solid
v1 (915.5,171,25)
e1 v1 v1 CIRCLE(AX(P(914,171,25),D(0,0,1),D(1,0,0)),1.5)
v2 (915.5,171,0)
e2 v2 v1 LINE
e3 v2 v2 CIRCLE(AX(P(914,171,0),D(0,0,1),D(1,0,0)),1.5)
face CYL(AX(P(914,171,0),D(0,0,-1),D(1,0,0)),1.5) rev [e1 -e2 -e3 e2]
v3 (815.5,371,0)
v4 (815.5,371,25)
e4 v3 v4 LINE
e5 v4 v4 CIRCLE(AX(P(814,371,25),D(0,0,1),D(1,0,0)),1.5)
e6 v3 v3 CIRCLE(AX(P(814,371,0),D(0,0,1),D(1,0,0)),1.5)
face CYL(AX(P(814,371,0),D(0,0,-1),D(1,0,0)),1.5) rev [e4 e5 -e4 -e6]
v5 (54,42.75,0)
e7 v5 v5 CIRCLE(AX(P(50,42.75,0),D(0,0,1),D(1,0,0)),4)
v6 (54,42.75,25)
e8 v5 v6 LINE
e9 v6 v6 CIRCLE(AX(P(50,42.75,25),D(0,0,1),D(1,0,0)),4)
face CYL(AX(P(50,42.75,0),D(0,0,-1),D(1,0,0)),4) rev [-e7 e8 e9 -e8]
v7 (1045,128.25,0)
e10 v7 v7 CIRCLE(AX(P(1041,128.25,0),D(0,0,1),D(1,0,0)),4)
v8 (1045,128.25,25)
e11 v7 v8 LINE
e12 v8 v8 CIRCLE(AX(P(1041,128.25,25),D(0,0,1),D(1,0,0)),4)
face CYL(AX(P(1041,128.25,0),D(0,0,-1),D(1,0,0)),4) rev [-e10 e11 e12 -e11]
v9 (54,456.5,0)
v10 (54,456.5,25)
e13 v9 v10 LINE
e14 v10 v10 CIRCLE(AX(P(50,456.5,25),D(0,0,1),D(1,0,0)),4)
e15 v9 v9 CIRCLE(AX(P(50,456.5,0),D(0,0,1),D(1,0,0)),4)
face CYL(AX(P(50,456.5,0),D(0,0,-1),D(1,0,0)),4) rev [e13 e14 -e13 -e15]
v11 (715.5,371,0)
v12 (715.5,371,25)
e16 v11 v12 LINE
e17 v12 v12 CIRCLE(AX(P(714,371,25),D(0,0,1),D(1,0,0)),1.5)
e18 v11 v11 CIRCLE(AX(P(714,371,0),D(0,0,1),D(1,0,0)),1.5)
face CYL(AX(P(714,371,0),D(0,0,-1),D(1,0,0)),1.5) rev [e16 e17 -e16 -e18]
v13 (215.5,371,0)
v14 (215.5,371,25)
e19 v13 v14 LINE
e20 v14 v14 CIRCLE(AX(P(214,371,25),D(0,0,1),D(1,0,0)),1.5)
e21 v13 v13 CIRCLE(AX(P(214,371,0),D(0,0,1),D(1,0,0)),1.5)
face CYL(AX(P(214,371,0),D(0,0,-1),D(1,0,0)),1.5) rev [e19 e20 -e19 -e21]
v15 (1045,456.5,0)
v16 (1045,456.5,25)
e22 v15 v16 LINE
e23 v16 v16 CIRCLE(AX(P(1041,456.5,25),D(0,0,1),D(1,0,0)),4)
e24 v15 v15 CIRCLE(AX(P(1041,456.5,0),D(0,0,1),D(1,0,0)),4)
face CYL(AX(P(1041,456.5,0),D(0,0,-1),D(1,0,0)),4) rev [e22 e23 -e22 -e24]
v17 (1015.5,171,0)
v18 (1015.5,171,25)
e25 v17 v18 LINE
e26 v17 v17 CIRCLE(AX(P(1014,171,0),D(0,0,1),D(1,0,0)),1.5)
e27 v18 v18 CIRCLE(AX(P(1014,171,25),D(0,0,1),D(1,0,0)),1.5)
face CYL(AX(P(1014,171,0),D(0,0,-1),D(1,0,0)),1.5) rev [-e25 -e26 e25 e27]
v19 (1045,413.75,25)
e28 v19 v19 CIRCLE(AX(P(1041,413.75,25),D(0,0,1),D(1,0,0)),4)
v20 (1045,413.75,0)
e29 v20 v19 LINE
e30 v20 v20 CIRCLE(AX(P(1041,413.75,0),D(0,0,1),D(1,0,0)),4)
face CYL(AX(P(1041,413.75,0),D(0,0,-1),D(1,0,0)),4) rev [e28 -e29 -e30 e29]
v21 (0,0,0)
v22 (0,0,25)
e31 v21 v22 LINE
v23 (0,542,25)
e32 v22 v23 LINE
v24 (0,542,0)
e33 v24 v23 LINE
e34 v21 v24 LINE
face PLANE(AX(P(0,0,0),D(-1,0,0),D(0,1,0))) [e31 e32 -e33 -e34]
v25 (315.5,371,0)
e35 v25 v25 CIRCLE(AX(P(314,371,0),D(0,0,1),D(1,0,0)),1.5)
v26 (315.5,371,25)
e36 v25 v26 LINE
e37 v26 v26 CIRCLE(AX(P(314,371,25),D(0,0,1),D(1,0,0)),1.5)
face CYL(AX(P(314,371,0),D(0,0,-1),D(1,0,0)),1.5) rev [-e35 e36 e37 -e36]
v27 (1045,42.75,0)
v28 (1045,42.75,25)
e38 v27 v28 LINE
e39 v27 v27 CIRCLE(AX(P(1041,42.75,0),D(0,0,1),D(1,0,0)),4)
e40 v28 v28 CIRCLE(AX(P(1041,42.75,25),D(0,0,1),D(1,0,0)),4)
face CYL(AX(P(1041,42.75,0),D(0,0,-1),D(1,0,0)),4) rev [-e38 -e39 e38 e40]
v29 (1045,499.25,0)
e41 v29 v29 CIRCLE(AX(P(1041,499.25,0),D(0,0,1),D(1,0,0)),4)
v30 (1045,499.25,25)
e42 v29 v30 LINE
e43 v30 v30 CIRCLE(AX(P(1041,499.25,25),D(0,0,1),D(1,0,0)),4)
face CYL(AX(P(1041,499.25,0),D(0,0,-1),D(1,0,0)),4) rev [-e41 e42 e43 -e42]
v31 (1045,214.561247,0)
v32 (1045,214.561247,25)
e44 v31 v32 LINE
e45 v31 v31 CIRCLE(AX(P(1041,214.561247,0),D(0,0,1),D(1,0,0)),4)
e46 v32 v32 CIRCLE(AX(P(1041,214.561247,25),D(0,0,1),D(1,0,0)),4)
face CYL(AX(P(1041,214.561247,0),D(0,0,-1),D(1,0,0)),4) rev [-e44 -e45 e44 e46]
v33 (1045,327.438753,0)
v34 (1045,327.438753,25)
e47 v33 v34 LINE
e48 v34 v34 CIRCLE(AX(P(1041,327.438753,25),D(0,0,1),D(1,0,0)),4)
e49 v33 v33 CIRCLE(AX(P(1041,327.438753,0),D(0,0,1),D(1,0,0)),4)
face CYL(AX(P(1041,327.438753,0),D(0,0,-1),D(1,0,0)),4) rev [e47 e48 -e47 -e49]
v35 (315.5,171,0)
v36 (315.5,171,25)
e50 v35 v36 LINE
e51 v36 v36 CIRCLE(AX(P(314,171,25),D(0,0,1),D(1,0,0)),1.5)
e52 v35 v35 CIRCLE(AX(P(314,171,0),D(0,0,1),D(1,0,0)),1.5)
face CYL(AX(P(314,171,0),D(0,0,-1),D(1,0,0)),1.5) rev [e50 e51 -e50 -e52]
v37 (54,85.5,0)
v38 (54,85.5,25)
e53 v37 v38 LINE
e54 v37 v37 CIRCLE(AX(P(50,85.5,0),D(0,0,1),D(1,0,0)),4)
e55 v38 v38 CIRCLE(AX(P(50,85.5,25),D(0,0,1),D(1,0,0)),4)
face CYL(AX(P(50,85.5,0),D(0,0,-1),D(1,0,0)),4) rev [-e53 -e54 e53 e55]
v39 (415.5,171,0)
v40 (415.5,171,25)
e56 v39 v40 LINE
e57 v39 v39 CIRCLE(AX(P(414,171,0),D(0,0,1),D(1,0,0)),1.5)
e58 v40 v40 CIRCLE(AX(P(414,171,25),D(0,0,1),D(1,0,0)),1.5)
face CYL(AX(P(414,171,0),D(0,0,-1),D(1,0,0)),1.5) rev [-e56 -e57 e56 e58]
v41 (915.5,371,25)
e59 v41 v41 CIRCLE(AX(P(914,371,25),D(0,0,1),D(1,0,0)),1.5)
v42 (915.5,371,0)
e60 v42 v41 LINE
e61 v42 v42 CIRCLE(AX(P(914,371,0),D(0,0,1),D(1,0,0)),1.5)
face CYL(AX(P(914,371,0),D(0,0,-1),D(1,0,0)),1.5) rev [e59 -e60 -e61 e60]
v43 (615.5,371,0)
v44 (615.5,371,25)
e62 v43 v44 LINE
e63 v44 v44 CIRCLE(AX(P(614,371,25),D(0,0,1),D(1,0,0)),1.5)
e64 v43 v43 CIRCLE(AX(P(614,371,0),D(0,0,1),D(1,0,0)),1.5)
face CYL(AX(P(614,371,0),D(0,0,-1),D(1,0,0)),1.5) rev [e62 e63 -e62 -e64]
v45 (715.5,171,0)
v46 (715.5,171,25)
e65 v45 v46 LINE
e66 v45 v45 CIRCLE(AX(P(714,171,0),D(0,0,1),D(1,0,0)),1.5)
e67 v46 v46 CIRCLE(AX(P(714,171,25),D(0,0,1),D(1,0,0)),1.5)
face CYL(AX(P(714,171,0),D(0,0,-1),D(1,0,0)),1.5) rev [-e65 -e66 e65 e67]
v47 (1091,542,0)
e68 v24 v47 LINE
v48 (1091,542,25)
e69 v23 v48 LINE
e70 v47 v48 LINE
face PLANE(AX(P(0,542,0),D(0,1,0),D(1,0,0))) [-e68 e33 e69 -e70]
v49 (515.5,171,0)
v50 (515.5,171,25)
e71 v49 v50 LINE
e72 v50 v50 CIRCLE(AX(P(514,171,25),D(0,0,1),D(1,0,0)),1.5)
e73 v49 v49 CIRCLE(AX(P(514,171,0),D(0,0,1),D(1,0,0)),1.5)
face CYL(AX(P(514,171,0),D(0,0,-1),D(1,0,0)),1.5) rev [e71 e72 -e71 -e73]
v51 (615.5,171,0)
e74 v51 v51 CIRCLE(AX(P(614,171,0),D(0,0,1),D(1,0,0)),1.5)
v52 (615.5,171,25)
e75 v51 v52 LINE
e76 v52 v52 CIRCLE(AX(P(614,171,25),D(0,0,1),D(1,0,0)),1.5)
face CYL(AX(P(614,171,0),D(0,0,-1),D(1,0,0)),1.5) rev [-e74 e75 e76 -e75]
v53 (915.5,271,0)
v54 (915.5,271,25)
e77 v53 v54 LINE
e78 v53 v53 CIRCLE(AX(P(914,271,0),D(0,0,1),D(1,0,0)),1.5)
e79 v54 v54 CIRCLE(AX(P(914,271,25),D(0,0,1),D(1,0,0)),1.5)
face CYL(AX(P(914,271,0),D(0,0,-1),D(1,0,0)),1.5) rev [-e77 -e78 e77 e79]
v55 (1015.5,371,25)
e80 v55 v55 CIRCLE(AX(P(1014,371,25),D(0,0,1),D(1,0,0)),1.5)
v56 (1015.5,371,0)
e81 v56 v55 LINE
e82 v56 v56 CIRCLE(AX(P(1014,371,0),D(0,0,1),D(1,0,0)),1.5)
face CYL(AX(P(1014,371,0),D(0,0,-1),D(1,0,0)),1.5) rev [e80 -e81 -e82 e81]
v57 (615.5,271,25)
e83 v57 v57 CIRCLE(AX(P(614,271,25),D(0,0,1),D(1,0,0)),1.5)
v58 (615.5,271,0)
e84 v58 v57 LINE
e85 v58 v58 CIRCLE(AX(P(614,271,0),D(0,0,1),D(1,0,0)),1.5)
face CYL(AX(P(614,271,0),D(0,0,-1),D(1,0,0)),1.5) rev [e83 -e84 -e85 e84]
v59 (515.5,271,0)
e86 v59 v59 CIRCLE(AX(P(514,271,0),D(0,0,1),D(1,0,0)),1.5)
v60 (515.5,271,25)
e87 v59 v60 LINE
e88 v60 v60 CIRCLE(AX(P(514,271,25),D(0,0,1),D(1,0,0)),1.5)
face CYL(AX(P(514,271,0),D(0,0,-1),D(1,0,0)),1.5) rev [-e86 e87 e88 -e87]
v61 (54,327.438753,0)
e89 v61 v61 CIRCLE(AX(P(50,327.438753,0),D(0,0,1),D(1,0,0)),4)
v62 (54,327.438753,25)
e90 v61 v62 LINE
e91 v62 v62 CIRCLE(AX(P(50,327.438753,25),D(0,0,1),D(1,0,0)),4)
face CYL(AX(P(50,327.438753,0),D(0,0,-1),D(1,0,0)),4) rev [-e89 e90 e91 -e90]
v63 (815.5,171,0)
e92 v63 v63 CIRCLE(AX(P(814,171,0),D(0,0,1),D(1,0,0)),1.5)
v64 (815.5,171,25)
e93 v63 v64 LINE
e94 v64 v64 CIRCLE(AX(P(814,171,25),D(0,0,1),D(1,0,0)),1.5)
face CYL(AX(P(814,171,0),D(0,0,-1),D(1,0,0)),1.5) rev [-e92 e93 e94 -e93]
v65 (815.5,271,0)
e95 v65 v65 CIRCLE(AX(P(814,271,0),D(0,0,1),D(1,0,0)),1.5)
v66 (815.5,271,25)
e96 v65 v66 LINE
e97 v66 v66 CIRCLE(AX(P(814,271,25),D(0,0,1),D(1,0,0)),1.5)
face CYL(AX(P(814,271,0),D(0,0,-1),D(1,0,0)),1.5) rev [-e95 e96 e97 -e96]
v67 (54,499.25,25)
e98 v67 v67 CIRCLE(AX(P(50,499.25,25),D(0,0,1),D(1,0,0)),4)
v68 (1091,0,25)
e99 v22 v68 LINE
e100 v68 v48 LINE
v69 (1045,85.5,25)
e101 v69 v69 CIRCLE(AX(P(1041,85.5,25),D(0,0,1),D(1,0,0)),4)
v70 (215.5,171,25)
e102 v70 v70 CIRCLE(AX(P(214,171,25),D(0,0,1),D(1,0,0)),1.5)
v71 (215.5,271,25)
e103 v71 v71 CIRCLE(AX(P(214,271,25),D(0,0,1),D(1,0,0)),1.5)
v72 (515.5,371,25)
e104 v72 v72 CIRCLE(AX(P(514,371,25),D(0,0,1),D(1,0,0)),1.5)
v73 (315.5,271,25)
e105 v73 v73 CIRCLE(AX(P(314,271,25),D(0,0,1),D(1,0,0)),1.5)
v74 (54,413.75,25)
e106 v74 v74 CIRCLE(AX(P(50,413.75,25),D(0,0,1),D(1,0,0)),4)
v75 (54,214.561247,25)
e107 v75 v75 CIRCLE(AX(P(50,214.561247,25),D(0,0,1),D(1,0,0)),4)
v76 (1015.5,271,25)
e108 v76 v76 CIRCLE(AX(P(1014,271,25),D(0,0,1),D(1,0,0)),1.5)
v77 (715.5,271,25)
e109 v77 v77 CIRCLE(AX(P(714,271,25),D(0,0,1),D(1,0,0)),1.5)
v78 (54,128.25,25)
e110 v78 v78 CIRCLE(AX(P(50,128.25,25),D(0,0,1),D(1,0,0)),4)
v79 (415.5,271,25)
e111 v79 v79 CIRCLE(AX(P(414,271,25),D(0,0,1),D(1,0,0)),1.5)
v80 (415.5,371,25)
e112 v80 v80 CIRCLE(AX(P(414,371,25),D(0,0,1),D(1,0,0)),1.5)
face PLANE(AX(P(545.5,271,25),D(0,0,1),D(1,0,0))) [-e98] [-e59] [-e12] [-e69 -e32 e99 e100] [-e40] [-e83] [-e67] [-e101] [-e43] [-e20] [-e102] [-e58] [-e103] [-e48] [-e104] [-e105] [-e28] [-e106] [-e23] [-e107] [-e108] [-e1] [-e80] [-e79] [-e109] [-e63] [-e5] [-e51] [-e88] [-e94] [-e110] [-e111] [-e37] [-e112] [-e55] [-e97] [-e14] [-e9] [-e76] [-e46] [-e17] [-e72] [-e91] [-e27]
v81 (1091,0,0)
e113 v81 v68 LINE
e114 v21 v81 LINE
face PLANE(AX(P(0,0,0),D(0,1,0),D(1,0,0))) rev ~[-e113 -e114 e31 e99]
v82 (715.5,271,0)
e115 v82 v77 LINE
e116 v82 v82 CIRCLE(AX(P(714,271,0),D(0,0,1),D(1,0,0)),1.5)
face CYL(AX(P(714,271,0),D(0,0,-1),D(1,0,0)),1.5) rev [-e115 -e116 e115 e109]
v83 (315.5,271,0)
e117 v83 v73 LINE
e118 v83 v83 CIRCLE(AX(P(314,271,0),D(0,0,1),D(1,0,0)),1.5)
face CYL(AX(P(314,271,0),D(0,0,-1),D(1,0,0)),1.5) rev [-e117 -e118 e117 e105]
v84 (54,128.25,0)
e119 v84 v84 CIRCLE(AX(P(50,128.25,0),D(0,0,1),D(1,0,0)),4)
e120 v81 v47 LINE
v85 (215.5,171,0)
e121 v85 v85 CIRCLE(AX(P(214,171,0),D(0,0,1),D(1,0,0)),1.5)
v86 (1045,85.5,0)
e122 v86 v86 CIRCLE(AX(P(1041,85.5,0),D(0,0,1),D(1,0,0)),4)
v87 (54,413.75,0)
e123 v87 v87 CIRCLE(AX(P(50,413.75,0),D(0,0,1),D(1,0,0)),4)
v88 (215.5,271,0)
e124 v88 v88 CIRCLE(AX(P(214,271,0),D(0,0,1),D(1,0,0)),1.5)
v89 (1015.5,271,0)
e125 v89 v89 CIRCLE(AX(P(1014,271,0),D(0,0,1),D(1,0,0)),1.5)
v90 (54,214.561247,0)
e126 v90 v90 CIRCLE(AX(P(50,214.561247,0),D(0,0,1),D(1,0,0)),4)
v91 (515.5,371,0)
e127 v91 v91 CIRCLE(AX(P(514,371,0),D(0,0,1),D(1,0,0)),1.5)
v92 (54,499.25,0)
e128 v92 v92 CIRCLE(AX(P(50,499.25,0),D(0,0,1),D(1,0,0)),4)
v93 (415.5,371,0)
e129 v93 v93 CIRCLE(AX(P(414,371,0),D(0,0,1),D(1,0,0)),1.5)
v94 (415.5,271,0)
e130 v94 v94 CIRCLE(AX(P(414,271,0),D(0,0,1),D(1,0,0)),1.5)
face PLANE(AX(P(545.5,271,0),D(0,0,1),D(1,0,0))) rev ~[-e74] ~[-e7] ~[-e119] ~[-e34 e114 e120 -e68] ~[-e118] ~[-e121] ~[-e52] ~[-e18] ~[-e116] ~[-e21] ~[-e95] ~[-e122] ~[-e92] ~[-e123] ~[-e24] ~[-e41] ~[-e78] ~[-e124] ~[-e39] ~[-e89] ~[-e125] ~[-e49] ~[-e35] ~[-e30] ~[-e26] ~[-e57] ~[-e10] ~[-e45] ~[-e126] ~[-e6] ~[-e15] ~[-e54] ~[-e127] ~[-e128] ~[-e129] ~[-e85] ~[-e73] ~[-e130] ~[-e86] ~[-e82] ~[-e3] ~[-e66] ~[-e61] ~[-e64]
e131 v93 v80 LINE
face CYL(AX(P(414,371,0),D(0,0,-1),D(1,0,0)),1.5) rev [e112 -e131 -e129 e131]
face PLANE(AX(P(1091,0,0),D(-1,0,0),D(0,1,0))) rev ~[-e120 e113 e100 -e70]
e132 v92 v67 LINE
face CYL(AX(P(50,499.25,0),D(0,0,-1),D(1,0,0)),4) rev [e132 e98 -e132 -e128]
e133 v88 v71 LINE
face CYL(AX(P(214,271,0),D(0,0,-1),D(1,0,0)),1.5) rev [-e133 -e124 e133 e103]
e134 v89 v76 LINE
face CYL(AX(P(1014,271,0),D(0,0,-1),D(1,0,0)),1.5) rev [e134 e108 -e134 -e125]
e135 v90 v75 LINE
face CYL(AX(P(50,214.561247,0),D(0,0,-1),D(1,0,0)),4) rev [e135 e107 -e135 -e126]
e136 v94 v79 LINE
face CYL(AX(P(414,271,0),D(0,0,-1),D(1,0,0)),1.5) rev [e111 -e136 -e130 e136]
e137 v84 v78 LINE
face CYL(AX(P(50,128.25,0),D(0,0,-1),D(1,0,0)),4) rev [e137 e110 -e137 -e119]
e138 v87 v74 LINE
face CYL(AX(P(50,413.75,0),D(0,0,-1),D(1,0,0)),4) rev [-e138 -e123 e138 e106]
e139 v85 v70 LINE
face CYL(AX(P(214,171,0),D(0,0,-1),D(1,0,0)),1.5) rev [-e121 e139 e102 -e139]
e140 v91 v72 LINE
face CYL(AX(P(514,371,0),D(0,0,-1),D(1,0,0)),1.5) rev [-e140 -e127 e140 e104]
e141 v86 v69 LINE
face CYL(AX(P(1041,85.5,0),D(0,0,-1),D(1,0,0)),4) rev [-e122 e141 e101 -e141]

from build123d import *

# Parameters (mm, degrees)
F1_W     = 1091
F1_H     = 542
F1_R     = 4
F1_R_2   = 1.5
F2_DEPTH = 25


with BuildPart() as f2:
    # F1 (on face) → F2 (new body)
    with BuildSketch(Plane.XY):
        with Locations((545.5, 271)):
            Rectangle(F1_W, F1_H)
        with Locations((50, 42.75)):
            Circle(F1_R, mode=Mode.SUBTRACT)
        with Locations((50, 85.5)):
            Circle(F1_R, mode=Mode.SUBTRACT)
        with Locations((50, 128.25)):
            Circle(F1_R, mode=Mode.SUBTRACT)
        with Locations((214, 171)):
            Circle(F1_R_2, mode=Mode.SUBTRACT)
        with Locations((50, 214.561247)):
            Circle(F1_R, mode=Mode.SUBTRACT)
        with Locations((314, 171)):
            Circle(F1_R_2, mode=Mode.SUBTRACT)
        with Locations((414, 171)):
            Circle(F1_R_2, mode=Mode.SUBTRACT)
        with Locations((514, 171)):
            Circle(F1_R_2, mode=Mode.SUBTRACT)
        with Locations((1041, 42.75)):
            Circle(F1_R, mode=Mode.SUBTRACT)
        with Locations((1041, 85.5)):
            Circle(F1_R, mode=Mode.SUBTRACT)
        with Locations((1041, 128.25)):
            Circle(F1_R, mode=Mode.SUBTRACT)
        with Locations((614, 171)):
            Circle(F1_R_2, mode=Mode.SUBTRACT)
        with Locations((714, 171)):
            Circle(F1_R_2, mode=Mode.SUBTRACT)
        with Locations((814, 171)):
            Circle(F1_R_2, mode=Mode.SUBTRACT)
        with Locations((914, 171)):
            Circle(F1_R_2, mode=Mode.SUBTRACT)
        with Locations((1014, 171)):
            Circle(F1_R_2, mode=Mode.SUBTRACT)
        with Locations((1041, 214.561247)):
            Circle(F1_R, mode=Mode.SUBTRACT)
        with Locations((50, 327.438753)):
            Circle(F1_R, mode=Mode.SUBTRACT)
        with Locations((214, 271)):
            Circle(F1_R_2, mode=Mode.SUBTRACT)
        with Locations((214, 371)):
            Circle(F1_R_2, mode=Mode.SUBTRACT)
        with Locations((314, 271)):
            Circle(F1_R_2, mode=Mode.SUBTRACT)
        with Locations((414, 271)):
            Circle(F1_R_2, mode=Mode.SUBTRACT)
        with Locations((514, 271)):
            Circle(F1_R_2, mode=Mode.SUBTRACT)
        with Locations((314, 371)):
            Circle(F1_R_2, mode=Mode.SUBTRACT)
        with Locations((414, 371)):
            Circle(F1_R_2, mode=Mode.SUBTRACT)
        with Locations((514, 371)):
            Circle(F1_R_2, mode=Mode.SUBTRACT)
        with Locations((50, 413.75)):
            Circle(F1_R, mode=Mode.SUBTRACT)
        with Locations((50, 456.5)):
            Circle(F1_R, mode=Mode.SUBTRACT)
        with Locations((50, 499.25)):
            Circle(F1_R, mode=Mode.SUBTRACT)
        with Locations((614, 271)):
            Circle(F1_R_2, mode=Mode.SUBTRACT)
        with Locations((714, 271)):
            Circle(F1_R_2, mode=Mode.SUBTRACT)
        with Locations((814, 271)):
            Circle(F1_R_2, mode=Mode.SUBTRACT)
        with Locations((614, 371)):
            Circle(F1_R_2, mode=Mode.SUBTRACT)
        with Locations((714, 371)):
            Circle(F1_R_2, mode=Mode.SUBTRACT)
        with Locations((814, 371)):
            Circle(F1_R_2, mode=Mode.SUBTRACT)
        with Locations((914, 271)):
            Circle(F1_R_2, mode=Mode.SUBTRACT)
        with Locations((1014, 271)):
            Circle(F1_R_2, mode=Mode.SUBTRACT)
        with Locations((1041, 327.438753)):
            Circle(F1_R, mode=Mode.SUBTRACT)
        with Locations((914, 371)):
            Circle(F1_R_2, mode=Mode.SUBTRACT)
        with Locations((1014, 371)):
            Circle(F1_R_2, mode=Mode.SUBTRACT)
        with Locations((1041, 413.75)):
            Circle(F1_R, mode=Mode.SUBTRACT)
        with Locations((1041, 456.5)):
            Circle(F1_R, mode=Mode.SUBTRACT)
        with Locations((1041, 499.25)):
            Circle(F1_R, mode=Mode.SUBTRACT)
    extrude(amount=F2_DEPTH)


solid = f2.part
